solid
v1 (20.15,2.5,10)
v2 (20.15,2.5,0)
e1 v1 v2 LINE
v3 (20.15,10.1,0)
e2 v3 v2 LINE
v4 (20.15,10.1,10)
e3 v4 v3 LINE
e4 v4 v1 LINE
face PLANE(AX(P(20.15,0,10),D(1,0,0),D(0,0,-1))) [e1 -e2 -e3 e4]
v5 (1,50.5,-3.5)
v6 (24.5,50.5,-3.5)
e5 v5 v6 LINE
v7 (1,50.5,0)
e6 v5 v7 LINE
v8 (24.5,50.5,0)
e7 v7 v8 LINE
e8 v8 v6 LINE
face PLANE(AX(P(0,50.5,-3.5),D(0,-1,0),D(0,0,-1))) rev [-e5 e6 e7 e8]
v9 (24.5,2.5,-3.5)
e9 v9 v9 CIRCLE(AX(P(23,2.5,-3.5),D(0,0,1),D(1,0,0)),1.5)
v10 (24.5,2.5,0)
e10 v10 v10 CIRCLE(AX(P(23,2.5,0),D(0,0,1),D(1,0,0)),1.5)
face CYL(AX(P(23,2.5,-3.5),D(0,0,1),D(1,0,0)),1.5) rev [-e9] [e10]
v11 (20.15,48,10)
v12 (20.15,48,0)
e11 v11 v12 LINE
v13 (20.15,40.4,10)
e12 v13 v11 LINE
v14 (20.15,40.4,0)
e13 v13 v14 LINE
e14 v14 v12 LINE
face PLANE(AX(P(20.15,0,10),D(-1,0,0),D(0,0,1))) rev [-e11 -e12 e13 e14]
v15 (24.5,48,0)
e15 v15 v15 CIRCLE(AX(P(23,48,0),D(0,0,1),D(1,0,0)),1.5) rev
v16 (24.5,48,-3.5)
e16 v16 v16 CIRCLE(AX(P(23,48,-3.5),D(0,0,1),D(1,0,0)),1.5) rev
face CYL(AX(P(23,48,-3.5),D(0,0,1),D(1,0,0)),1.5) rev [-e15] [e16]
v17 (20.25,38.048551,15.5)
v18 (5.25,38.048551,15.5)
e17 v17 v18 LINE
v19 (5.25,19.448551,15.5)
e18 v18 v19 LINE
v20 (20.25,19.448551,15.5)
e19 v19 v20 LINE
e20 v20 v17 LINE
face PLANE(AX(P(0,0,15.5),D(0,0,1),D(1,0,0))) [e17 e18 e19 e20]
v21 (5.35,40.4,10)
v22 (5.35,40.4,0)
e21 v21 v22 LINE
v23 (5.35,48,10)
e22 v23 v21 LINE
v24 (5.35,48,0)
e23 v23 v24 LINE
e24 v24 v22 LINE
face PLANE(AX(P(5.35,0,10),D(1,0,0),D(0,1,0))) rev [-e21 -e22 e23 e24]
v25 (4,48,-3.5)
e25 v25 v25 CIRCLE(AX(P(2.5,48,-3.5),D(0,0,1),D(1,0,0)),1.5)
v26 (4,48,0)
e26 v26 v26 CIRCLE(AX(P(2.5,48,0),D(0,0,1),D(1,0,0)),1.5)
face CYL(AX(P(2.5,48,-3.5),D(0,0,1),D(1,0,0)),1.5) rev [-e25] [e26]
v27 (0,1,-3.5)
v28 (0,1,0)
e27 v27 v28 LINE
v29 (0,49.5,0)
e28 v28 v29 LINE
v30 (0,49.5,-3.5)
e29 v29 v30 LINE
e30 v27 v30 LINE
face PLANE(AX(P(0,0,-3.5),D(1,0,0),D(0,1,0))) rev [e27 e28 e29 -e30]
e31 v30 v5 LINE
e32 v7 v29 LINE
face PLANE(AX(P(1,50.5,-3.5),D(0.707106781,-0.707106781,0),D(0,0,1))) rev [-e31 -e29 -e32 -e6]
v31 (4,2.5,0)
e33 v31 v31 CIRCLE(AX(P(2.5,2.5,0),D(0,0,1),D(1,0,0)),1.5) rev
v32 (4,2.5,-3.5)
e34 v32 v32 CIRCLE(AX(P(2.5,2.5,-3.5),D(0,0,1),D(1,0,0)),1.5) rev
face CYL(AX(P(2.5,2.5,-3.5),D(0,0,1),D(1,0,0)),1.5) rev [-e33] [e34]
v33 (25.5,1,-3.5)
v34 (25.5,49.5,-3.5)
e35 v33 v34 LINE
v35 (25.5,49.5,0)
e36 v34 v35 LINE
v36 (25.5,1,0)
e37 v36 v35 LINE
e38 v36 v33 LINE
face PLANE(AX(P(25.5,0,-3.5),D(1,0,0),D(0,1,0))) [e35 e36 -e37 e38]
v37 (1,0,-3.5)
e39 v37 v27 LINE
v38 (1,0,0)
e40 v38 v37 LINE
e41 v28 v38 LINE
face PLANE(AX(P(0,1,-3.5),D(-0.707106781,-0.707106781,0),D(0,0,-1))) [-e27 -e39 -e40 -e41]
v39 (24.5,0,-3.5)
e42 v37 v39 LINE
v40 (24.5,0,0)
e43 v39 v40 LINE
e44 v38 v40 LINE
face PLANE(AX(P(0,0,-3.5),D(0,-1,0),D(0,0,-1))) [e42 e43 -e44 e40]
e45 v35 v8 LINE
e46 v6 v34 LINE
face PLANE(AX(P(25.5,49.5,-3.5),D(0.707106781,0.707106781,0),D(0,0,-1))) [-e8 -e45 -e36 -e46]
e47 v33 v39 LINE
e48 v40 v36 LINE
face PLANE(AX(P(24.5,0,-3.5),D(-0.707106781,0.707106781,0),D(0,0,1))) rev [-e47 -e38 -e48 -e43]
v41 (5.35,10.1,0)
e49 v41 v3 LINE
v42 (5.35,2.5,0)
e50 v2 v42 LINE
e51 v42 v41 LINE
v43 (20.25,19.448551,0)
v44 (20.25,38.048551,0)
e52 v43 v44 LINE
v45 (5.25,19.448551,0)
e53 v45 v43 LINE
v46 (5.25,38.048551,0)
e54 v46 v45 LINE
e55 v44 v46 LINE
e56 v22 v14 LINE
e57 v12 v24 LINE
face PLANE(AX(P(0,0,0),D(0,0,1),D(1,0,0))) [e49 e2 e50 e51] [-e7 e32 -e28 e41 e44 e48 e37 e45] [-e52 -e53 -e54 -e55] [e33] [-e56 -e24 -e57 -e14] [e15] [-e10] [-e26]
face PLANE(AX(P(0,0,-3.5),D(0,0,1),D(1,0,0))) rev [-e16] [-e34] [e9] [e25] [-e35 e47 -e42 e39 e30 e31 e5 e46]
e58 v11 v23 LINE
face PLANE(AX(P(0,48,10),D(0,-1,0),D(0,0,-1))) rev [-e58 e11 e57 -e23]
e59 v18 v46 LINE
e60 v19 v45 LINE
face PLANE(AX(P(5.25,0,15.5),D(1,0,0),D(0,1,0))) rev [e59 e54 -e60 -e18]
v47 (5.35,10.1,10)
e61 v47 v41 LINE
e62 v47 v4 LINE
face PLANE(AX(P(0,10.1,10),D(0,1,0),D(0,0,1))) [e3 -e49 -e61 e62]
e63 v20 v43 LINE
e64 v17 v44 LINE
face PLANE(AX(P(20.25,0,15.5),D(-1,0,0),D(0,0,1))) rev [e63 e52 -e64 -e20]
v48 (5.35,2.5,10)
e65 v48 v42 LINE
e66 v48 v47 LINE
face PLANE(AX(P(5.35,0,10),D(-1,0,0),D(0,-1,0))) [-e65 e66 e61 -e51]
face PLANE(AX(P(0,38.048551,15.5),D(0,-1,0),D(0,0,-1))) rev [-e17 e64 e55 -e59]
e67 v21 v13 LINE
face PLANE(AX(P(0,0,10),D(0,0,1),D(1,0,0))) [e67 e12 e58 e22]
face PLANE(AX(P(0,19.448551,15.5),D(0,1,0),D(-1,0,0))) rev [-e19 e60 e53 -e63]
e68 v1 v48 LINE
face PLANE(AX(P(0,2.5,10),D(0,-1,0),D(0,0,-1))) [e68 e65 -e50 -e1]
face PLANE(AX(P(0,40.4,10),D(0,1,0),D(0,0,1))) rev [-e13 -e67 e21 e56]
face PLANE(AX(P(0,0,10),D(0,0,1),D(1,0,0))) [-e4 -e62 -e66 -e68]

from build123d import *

# Parameters (mm, degrees)
SKETCH1_W           = 25.5
SKETCH1_H           = 50.5
SKETCH1_R           = 1.5
BOSS_EXTRUDE1_DEPTH = 3.5
SKETCH1_4_W         = 14.8
SKETCH1_4_H         = 7.6
BOSS_EXTRUDE2_DEPTH = 10
SKETCH1_6_W         = 15
SKETCH1_6_H         = 18.6
BOSS_EXTRUDE3_DEPTH = 15.5
CHAMFER1_SIZE       = 1


with BuildPart() as part:
    # Sketch1 → Boss-Extrude1 (new body)
    with BuildSketch(Plane.XY):
        with Locations((12.75, 25.25)):
            Rectangle(SKETCH1_W, SKETCH1_H)
        with Locations((2.5, 2.5)):
            Circle(SKETCH1_R, mode=Mode.SUBTRACT)
        with Locations((23, 2.5)):
            Circle(SKETCH1_R, mode=Mode.SUBTRACT)
        with Locations((2.5, 48)):
            Circle(SKETCH1_R, mode=Mode.SUBTRACT)
        with Locations((23, 48)):
            Circle(SKETCH1_R, mode=Mode.SUBTRACT)
    extrude(amount=-BOSS_EXTRUDE1_DEPTH)

    # Sketch1<4> → Boss-Extrude2 (add)
    with BuildSketch(Plane.XY):
        with Locations((12.75, 44.2)):
            Rectangle(SKETCH1_4_W, SKETCH1_4_H)
        with Locations((12.75, 6.3)):
            Rectangle(SKETCH1_4_W, SKETCH1_4_H)
    extrude(amount=BOSS_EXTRUDE2_DEPTH)

    # Sketch1<6> → Boss-Extrude3 (add)
    with BuildSketch(Plane.XY):
        with Locations((12.75, 28.74855078)):
            Rectangle(SKETCH1_6_W, SKETCH1_6_H)
    extrude(amount=BOSS_EXTRUDE3_DEPTH)

    # Chamfer1
    chamfer1_edges = [part.edges().sort_by_distance(p)[0] for p in [
        (25.5, 0, -1.75),
        (0, 0, -1.75),
        (25.5, 50.5, -1.75),
        (0, 50.5, -1.75),
    ]]
    chamfer(chamfer1_edges, length=CHAMFER1_SIZE)


solid = part.part
